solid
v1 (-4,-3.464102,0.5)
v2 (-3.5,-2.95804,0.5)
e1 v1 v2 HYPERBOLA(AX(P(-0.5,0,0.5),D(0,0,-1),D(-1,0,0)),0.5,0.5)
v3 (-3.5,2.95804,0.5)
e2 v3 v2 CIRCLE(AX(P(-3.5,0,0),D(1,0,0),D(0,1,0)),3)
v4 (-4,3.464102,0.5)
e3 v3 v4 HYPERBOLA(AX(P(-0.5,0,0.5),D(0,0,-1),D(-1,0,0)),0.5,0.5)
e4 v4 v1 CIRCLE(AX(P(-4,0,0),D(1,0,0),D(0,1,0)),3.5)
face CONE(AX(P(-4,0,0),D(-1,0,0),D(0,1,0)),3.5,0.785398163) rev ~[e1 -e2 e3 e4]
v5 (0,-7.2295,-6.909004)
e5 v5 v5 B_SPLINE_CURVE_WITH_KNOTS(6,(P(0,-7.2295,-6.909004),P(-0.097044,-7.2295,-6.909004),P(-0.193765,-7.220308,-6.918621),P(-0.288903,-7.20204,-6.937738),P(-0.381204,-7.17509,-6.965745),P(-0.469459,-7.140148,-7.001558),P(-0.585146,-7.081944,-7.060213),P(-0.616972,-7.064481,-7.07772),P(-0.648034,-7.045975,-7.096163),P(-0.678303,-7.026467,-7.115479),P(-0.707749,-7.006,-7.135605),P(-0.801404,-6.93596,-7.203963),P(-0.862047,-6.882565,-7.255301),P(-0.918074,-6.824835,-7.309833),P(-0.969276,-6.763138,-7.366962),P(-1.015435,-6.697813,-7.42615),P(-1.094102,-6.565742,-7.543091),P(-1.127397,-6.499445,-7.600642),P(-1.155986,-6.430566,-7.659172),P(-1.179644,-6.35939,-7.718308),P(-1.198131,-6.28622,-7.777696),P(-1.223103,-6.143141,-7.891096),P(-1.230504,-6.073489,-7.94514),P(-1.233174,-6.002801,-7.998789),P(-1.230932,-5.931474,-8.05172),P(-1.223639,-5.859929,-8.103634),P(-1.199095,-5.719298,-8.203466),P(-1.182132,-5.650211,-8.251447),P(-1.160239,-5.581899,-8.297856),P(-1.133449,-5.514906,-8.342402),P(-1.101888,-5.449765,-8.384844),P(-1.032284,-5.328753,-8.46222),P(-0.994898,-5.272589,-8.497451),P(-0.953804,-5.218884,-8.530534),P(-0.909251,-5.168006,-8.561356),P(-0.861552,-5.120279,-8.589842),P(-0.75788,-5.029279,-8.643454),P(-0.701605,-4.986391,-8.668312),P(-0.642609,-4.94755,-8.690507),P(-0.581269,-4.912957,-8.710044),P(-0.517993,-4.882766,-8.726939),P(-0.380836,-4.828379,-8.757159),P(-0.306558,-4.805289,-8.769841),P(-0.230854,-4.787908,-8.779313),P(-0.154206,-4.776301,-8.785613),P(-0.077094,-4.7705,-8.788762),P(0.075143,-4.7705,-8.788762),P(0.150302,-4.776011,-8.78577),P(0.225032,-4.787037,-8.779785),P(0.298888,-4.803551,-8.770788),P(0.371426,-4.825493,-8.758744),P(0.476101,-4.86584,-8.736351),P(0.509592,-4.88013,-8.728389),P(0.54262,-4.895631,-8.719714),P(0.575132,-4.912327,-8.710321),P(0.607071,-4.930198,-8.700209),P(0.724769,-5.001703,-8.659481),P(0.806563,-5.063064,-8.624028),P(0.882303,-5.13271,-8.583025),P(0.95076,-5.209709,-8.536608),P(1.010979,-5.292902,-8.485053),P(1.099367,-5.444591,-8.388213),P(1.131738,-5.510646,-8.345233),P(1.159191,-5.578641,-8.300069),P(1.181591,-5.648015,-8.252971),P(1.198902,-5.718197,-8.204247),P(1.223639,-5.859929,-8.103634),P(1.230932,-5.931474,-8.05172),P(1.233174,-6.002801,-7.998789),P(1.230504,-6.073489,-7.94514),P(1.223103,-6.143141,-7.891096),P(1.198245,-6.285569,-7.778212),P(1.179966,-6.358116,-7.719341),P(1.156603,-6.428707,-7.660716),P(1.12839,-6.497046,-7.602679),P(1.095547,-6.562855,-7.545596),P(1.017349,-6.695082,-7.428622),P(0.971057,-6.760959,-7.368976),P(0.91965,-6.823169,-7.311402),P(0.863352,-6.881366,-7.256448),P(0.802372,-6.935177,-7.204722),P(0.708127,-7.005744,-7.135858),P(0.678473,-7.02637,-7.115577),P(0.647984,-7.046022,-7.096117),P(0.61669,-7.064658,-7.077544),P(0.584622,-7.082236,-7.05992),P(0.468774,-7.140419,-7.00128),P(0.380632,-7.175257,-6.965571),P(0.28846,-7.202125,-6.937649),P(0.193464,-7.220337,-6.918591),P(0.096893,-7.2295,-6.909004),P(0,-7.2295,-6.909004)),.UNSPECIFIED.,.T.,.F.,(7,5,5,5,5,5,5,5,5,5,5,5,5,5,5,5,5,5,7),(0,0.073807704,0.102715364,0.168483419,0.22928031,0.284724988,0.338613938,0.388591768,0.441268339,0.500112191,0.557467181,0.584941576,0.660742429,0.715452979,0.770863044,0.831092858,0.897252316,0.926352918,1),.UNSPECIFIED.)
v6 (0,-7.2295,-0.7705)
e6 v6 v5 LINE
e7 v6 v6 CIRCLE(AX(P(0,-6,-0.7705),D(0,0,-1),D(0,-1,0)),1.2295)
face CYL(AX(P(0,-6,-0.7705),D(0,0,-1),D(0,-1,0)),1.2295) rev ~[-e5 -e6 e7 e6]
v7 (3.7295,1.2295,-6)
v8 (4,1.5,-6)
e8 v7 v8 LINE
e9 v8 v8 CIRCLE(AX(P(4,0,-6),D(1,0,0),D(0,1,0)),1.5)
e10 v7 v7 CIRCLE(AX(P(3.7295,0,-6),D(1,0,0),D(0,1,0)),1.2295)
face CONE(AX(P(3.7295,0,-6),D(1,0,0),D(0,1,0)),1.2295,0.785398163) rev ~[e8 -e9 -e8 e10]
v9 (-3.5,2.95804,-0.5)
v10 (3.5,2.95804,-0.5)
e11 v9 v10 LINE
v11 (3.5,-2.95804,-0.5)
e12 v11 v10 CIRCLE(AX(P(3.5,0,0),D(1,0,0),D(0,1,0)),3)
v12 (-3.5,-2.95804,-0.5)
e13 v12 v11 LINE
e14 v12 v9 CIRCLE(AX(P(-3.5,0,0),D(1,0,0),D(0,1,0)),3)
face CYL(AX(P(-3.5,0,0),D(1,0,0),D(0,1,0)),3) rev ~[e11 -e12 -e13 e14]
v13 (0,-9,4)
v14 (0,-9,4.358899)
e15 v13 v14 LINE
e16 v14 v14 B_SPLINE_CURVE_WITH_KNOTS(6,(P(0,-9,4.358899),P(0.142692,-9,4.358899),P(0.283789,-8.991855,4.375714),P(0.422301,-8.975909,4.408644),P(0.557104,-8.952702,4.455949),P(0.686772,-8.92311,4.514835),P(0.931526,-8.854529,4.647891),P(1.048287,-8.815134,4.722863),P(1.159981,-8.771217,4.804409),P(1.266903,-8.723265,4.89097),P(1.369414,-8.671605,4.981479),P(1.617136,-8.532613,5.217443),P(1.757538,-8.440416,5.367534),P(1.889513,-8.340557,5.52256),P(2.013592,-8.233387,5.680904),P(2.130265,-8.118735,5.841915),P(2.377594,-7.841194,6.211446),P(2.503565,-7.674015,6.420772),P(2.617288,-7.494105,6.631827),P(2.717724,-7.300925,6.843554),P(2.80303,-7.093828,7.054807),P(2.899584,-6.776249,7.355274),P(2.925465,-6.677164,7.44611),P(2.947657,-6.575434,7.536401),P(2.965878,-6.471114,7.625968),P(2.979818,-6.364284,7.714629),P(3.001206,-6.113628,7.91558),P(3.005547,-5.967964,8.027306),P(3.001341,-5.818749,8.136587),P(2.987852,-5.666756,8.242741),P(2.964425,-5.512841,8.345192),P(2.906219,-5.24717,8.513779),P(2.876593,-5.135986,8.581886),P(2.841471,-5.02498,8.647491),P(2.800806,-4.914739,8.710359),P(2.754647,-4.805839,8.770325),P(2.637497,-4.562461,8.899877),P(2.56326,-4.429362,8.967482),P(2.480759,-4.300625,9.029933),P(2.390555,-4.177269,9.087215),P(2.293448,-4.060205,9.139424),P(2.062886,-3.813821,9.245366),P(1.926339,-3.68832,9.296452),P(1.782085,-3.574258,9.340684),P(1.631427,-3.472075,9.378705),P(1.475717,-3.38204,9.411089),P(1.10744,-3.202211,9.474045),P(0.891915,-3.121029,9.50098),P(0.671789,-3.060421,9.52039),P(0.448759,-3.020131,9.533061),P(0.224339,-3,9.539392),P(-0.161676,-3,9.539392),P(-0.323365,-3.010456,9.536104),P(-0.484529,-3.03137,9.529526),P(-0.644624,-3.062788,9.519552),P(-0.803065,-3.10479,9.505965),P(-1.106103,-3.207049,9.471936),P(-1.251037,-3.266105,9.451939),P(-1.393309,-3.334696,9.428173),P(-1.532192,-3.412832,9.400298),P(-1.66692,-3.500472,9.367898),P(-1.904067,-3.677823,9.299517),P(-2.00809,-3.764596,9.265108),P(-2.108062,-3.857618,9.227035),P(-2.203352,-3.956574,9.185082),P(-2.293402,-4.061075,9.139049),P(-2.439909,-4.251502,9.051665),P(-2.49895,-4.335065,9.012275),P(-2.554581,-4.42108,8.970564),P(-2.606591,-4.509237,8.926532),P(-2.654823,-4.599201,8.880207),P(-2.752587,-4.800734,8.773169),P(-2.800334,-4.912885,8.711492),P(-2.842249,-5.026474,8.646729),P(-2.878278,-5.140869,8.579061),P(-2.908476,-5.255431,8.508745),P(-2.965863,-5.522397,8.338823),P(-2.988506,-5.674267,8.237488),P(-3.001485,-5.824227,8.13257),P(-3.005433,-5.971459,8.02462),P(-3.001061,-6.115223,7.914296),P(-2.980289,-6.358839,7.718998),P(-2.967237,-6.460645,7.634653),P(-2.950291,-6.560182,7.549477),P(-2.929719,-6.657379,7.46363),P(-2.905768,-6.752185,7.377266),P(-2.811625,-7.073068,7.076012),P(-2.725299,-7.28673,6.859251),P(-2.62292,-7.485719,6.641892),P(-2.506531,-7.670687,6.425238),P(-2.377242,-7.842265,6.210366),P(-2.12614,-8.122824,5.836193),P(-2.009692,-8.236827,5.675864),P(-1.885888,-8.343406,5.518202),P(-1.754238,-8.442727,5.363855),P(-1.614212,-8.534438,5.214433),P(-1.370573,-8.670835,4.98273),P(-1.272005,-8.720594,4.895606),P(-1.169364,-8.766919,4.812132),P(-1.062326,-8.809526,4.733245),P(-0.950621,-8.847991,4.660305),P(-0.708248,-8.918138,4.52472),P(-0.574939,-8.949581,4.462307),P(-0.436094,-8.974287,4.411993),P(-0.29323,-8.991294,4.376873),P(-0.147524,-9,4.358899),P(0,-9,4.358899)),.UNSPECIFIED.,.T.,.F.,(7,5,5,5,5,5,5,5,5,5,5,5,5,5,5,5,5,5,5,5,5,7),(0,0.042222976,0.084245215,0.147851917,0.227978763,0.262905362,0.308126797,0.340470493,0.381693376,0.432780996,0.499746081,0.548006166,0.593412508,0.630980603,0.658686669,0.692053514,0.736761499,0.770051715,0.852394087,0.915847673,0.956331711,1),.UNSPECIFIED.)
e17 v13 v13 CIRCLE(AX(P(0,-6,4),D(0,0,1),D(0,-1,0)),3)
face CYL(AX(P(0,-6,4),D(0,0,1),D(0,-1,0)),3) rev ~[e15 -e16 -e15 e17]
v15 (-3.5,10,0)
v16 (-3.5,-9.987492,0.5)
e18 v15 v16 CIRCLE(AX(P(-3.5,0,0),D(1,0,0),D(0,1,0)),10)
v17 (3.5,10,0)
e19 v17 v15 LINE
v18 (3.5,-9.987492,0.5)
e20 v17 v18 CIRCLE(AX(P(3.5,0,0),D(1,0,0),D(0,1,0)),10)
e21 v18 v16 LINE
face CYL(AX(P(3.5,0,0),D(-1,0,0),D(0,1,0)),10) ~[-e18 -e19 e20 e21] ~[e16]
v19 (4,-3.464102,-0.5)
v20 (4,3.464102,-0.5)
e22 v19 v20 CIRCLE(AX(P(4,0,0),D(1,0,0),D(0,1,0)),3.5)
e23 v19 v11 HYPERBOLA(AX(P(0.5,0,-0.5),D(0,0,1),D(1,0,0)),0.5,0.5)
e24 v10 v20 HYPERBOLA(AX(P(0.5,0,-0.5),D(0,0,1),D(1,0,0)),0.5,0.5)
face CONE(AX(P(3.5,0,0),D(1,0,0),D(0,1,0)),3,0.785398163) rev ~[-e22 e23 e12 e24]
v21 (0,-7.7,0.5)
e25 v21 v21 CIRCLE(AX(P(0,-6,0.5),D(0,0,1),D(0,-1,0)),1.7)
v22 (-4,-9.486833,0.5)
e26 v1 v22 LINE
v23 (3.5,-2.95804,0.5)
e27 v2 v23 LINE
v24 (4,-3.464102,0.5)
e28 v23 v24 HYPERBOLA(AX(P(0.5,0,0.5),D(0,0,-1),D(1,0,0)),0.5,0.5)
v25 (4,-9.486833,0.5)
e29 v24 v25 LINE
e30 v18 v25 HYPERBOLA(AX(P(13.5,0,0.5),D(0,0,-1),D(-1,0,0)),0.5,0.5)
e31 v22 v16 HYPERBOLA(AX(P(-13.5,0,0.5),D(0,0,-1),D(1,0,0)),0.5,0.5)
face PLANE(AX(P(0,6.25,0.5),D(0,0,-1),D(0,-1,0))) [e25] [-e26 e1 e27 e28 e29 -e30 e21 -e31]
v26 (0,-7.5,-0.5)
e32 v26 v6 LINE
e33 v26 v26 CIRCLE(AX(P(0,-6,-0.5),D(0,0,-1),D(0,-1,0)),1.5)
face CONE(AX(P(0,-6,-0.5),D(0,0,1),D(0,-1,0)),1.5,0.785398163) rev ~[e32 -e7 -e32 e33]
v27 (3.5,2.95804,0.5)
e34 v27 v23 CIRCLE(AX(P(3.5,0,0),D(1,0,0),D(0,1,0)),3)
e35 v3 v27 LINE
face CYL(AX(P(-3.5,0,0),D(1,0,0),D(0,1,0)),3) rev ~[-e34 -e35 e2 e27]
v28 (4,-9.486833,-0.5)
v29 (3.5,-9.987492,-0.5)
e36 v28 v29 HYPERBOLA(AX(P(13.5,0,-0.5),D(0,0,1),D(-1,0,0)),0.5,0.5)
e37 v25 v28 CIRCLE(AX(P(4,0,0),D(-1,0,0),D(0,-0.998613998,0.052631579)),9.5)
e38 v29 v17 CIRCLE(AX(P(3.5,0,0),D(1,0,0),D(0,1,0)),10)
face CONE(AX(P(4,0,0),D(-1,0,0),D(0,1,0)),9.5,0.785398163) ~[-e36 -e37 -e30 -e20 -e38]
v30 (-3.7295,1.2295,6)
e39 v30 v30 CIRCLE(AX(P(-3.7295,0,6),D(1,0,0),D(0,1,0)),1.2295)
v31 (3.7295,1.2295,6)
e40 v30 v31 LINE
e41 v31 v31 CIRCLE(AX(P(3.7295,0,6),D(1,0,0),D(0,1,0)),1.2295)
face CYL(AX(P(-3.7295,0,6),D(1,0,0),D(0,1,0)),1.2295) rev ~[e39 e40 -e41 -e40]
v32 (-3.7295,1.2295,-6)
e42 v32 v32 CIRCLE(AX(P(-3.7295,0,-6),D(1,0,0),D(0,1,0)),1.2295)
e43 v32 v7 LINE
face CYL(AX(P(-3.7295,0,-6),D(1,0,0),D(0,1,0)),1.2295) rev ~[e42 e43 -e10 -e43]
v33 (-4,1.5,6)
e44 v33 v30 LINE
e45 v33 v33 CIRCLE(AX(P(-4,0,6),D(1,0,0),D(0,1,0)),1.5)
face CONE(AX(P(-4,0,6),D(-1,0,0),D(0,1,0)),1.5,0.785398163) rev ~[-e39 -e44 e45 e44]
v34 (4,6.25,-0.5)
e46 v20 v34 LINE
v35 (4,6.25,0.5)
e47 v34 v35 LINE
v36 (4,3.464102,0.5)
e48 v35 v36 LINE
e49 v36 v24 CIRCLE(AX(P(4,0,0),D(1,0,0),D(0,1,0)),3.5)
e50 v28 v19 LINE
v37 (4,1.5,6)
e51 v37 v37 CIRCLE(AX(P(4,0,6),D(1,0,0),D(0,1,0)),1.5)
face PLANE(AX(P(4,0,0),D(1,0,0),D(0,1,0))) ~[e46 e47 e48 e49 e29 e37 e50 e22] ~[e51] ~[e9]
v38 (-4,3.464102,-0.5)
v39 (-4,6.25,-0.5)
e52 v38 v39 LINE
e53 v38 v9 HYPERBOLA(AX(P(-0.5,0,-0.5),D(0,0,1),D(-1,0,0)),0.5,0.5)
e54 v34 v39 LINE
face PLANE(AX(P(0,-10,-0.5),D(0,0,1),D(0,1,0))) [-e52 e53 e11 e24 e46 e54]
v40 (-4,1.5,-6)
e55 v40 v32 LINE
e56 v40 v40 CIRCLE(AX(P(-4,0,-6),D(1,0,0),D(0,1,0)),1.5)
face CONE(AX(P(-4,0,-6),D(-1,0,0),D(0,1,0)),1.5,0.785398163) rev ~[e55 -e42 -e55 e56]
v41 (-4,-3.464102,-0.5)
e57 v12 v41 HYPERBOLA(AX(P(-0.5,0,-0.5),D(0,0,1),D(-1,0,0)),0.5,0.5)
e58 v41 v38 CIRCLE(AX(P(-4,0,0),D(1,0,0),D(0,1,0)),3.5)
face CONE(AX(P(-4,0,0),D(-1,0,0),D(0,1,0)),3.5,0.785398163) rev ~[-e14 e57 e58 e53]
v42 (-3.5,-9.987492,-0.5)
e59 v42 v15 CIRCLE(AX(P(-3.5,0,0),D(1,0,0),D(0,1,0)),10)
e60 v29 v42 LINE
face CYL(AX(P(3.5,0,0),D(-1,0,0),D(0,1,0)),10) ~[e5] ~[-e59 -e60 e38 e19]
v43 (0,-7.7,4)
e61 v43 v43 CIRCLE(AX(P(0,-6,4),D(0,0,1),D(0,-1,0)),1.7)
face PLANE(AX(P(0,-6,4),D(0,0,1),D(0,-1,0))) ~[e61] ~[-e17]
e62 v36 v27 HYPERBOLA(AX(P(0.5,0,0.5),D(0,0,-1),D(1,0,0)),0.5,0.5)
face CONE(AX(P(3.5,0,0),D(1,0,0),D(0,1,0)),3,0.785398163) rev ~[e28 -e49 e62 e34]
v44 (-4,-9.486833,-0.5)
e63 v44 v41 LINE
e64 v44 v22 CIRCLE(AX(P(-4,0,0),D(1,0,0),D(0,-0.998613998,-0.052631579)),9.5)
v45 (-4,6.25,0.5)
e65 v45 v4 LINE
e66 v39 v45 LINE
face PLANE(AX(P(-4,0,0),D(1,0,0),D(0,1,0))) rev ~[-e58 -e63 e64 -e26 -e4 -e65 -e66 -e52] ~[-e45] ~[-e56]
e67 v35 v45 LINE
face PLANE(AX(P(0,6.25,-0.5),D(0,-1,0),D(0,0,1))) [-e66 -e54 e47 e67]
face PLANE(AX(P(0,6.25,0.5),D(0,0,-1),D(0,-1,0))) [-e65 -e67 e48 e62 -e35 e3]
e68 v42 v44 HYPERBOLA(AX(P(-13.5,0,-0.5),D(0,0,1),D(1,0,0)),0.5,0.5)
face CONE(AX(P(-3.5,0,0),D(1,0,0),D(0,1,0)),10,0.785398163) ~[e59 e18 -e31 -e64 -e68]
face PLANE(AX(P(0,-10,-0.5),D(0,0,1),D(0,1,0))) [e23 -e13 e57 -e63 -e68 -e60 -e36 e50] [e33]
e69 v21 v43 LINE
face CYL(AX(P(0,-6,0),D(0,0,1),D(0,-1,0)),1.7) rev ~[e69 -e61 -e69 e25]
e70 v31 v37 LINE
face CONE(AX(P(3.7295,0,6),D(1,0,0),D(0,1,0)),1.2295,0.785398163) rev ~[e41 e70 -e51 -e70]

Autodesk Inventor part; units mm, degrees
sketch "Sketch_1" plane through (0, 0, 0) normal (0, 0, 1) x (1, 0, 0)
  line L0 (4, 0) -> (-4, 0)
  line L1 (-4, 9.5) -> (-4, 3.5)
  line L2 (-4, 3.5) -> (-3.5, 3)
  line L3 (-3.5, 3) -> (3.5, 3)
  line L4 (3.5, 3) -> (4, 3.5)
  line L5 (4, 3.5) -> (4, 9.5)
  line L6 (4, 9.5) -> (3.5, 10)
  line L7 (3.5, 10) -> (-3.5, 10)
  line L8 (-3.5, 10) -> (-4, 9.5)
revolve "Revolution1" add sketch "Sketch_1" angle 360 about axis through (4, 0, 0) along (1, 0, 0)
sketch "Sketch_2" plane through (0, 0, 0) normal (1, 0, 0) x (0, 1, 0)
  line L0 (-10, 0.5) -> (-10, -0.5)
  line L1 (-10, -0.5) -> (6.25, -0.5)
  line L2 (6.25, -0.5) -> (6.25, 0.5)
  line L3 (6.25, 0.5) -> (-10, 0.5)
extrude "Extrusion1" cut sketch "Sketch_2" along normal mid plane 8
sketch "Sketch_3" plane through (0, 0, 0) normal (1, 0, 0) x (0, 1, 0)
  line L0 (-6, 10) -> (-6, 0)
  line L1 (-6, 0) -> (-7.7, 0)
  line L2 (-7.7, 0) -> (-7.7, 4)
  line L3 (-7.7, 4) -> (-9, 4)
  line L4 (-9, 4) -> (-9, 10)
  line L5 (-9, 10) -> (-6, 10)
  line L6 (-6, 10) -> (-6, 0)
revolve "Revolution2" cut sketch "Sketch_3" angle 360 about axis through (0, -6, 10) along (0, 0, 1)
sketch "Sketch4" plane through (-3.5, -2.958, -0.5) normal (0, 0, 1) x (1, 0, 0)
  point P0 (3.5, -3.042)
hole "Hole1" at (0, -6, -0.5) direction (0, 0, -1) diameter 2.459 depth 9 countersink diameter 3 countersink angle 90 thread size "M3x0.5" class "6H" standard "ISO Metric profile"
sketch "Sketch_7" plane through (0, 0, -6) normal (0, 0, 1) x (1, 0, 0)
  line L0 (4, 0) -> (-4, 0)
  line L1 (-4, 0) -> (-4, 1.5)
  line L2 (-4, 1.5) -> (-3.7295, 1.2295)
  line L3 (-3.7295, 1.2295) -> (3.7295, 1.2295)
  line L4 (3.7295, 1.2295) -> (4, 1.5)
  line L5 (4, 1.5) -> (4, 0)
  line L6 (4, 0) -> (-4, 0)
revolve "Revolution3" cut sketch "Sketch_7" angle 360 about axis through (4, 0, -6) along (1, 0, 0)
thread "Thread1" size "M3x0.5" class "6H" standard "ISO Metric profile" full length
sketch "Sketch_8" plane through (0, 0, 6) normal (0, 0, 1) x (1, 0, 0)
  line L0 (4, 0) -> (-4, 0)
  line L1 (-4, 0) -> (-4, 1.5)
  line L2 (-4, 1.5) -> (-3.7295, 1.2295)
  line L3 (-3.7295, 1.2295) -> (3.7295, 1.2295)
  line L4 (3.7295, 1.2295) -> (4, 1.5)
  line L5 (4, 1.5) -> (4, 0)
  line L6 (4, 0) -> (-4, 0)
revolve "Revolution4" cut sketch "Sketch_8" angle 360 about axis through (4, 0, 6) along (1, 0, 0)
thread "Thread2" size "M3x0.5" class "6H" standard "ISO Metric profile" full length
ref_plane "body_screw_XY" through (0, -6, 4) normal (0, 0, 1) x (1, 0, 0)
ref_plane "body_screw_YZ" through (0, -6, 4) normal (1, 0, 0) x (0, 1, 0)
ref_plane "body_screw_ZX" through (0, -6, 4) normal (0, 1, 0) x (0, 0, 1)
properties part number "SCSW6-8b" material "鋼、炭素鋼"
